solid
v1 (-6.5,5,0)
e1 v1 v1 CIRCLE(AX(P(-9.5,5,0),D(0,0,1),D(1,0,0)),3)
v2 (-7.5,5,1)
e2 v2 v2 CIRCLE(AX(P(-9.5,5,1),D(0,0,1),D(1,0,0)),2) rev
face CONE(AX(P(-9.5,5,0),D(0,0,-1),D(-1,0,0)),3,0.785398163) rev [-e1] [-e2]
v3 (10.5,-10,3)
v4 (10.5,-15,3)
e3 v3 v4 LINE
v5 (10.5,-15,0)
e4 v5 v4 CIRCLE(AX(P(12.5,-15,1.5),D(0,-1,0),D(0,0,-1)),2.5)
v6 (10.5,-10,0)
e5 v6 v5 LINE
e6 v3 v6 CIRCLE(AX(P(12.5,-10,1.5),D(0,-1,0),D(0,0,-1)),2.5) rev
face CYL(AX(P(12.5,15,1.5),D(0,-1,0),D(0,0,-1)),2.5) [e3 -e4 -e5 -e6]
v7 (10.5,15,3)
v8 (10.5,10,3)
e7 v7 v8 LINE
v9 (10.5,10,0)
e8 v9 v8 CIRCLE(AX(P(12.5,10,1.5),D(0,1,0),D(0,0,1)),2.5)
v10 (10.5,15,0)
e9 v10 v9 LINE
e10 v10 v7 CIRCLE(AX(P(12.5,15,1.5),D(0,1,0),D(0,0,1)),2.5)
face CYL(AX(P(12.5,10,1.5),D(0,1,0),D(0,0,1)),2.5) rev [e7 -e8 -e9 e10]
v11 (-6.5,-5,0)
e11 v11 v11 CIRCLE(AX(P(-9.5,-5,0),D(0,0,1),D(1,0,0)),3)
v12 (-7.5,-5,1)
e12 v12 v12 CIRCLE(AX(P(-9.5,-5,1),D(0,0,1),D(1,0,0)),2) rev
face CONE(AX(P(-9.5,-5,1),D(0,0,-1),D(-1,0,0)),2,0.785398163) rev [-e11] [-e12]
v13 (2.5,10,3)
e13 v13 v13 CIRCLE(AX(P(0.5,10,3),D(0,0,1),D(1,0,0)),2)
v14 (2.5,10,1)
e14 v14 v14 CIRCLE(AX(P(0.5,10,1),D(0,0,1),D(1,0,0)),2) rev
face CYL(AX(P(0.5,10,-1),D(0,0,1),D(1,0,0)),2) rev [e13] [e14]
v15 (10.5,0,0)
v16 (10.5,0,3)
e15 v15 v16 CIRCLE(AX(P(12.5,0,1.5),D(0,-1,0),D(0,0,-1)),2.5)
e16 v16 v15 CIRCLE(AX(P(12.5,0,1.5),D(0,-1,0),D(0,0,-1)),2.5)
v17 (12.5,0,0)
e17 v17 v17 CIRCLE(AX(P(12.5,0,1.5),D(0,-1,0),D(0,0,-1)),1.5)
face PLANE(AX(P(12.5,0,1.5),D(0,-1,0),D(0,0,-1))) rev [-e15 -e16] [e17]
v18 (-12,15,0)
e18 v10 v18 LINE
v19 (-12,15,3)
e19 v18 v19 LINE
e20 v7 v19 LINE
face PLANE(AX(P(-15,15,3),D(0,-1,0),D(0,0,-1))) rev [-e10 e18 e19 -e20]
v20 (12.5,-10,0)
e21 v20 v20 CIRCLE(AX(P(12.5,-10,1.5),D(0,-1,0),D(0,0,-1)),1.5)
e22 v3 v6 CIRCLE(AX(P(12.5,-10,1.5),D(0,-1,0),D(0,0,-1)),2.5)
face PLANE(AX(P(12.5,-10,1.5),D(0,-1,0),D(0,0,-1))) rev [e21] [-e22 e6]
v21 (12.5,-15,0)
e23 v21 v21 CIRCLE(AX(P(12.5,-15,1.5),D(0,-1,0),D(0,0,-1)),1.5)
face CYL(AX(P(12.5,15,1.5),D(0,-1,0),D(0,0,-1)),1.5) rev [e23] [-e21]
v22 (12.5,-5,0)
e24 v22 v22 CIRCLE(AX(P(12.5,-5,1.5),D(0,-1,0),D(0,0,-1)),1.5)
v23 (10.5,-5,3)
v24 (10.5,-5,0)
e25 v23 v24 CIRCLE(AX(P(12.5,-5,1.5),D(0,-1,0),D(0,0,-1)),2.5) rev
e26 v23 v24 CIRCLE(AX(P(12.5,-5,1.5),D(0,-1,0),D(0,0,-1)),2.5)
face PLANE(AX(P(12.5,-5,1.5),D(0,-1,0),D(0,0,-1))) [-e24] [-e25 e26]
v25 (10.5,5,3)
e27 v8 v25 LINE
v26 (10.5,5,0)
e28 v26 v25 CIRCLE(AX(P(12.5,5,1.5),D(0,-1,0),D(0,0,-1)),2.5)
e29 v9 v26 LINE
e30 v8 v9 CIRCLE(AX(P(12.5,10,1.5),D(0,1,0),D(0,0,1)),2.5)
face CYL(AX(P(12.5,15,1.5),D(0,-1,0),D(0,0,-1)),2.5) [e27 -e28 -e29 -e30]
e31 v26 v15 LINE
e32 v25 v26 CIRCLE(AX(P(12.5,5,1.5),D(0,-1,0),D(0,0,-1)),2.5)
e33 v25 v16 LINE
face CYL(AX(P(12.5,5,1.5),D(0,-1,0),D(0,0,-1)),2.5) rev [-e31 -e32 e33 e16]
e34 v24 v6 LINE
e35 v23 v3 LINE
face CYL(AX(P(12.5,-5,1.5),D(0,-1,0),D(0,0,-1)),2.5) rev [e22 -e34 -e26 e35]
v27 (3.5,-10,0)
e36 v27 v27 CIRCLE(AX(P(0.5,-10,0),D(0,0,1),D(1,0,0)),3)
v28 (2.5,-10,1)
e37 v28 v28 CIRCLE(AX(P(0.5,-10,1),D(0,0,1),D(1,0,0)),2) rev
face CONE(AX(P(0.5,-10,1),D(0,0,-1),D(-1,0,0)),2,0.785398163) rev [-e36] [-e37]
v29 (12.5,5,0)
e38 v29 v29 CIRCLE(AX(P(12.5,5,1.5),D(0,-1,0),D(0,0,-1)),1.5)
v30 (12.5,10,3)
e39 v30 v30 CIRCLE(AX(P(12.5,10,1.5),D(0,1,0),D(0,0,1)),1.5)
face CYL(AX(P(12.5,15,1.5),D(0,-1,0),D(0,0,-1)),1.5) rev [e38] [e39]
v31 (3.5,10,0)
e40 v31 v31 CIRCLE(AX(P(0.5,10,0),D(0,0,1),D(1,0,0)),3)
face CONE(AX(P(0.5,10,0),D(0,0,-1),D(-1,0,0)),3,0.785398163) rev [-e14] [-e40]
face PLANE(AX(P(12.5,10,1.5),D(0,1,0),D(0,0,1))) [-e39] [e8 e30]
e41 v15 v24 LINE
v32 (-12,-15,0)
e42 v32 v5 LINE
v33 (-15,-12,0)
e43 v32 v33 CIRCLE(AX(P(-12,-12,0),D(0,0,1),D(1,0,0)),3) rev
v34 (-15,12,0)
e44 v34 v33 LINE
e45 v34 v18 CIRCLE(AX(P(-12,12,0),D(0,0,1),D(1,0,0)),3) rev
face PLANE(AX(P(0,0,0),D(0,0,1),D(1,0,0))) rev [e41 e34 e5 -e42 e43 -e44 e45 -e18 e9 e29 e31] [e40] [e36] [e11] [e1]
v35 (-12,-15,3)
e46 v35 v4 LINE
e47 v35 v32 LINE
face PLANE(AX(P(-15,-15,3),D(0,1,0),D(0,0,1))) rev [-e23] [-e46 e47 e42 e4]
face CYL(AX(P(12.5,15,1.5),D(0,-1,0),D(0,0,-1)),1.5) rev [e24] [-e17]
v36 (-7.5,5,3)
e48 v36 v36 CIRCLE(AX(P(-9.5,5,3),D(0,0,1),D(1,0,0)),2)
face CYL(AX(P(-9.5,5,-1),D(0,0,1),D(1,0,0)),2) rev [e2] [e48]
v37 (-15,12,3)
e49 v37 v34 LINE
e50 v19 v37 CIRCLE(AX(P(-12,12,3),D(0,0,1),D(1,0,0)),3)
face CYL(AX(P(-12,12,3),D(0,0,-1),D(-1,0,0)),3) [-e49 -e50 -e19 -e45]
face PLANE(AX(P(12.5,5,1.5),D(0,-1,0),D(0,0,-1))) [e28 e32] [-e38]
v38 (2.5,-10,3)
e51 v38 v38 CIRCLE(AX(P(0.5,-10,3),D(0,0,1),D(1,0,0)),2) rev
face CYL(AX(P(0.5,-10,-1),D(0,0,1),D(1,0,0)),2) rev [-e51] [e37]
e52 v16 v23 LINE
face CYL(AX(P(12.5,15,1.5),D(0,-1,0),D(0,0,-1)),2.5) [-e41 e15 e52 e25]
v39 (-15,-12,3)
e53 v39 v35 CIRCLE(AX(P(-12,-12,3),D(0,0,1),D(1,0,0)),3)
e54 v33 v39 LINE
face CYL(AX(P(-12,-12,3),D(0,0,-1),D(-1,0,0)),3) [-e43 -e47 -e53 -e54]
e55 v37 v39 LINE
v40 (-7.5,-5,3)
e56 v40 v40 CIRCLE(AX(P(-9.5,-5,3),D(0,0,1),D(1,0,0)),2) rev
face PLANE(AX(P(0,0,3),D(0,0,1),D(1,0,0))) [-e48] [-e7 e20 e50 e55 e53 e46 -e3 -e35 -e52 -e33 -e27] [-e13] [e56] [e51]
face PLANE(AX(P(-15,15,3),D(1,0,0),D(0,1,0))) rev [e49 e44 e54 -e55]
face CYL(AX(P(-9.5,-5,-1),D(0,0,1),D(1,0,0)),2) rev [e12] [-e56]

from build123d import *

# Parameters (mm, degrees)
SKETCH_1_W          = 30
SKETCH_1_H          = 30
EXTRUDE_1_DEPTH     = 3
CUT_EXTRUDE_1_DEPTH = 34.674916481
SKETCH_3_R          = 2.5
EXTRUDE_3_DEPTH     = 30
FILLET_1_R          = 3
CUT_EXTRUDE_2_DEPTH = 22.587033145
SKETCH_6_R          = 2.5
CUT_EXTRUDE_3_DEPTH = 5
SKETCH_7_R          = 2.5
CUT_EXTRUDE_4_DEPTH = 5
CUT_EXTRUDE_START   = -5
SKETCH_8_R          = 2.5
CUT_EXTRUDE_5_DEPTH = 5
SKETCH_9_R          = 1.5
CUT_EXTRUDE_6_DEPTH = 34.778691508
CHAMFER_1_SIZE      = 1


with BuildPart() as part:
    # Эскиз1 → Бобышка-Вытянуть1 (new body)
    with BuildSketch(Plane.XY):
        Rectangle(SKETCH_1_W, SKETCH_1_H)
    extrude(amount=EXTRUDE_1_DEPTH)

    # Эскиз2 → Вырез-Вытянуть1 (cut, through all)
    with BuildSketch(Plane.XZ.offset(15)):
        with BuildLine():
            Line((15, 0), (15, 1.5))
            ThreePointArc((15, 1.5), (14.871708245, 0.709430585), (14.5, 0))
            Line((14.5, 0), (15, 0))
        make_face()
        with BuildLine():
            ThreePointArc((14.5, 3), (14.871708245, 2.290569415), (15, 1.5))
            Line((15, 1.5), (15, 3))
            Line((15, 3), (14.5, 3))
        make_face()
    extrude(amount=-CUT_EXTRUDE_1_DEPTH, mode=Mode.SUBTRACT)

    # Эскиз3 → Бобышка-Вытянуть3 (add)
    with BuildSketch(Plane.XZ.offset(15)):
        with Locations((12.5, 1.5)):
            Circle(SKETCH_3_R)
    extrude(amount=-EXTRUDE_3_DEPTH)

    # Скругление1
    fillet_1_edges = [part.edges().sort_by_distance(p)[0] for p in [
        (-15, -15, 1.5),
        (-15, 15, 1.5),
    ]]
    fillet(fillet_1_edges, radius=FILLET_1_R)

    # Эскиз4 → Вырез-Вытянуть2 (cut, through all)
    with BuildSketch(Plane.XY.offset(3)):
        with BuildLine():
            ThreePointArc((-7.5, -5), (-8.085786438, -3.585786438), (-9.5, -3))
            Line((-9.5, -3), (-9.5, -7))
            ThreePointArc((-9.5, -7), (-8.085786438, -6.414213562), (-7.5, -5))
        make_face()
        with BuildLine():
            Line((-9.5, -7), (-9.5, -3))
            ThreePointArc((-9.5, -3), (-11.5, -5), (-9.5, -7))
        make_face()
        with BuildLine():
            ThreePointArc((0.5, -8), (-1.5, -10), (0.5, -12))
            Line((0.5, -12), (0.5, -8))
        make_face()
        with BuildLine():
            Line((0.5, -8), (0.5, -12))
            ThreePointArc((0.5, -12), (1.914213562, -11.414213562), (2.5, -10))
            ThreePointArc((2.5, -10), (1.914213562, -8.585786438), (0.5, -8))
        make_face()
        with BuildLine():
            ThreePointArc((-9.5, 7), (-11.5, 5), (-9.5, 3))
            Line((-9.5, 3), (-9.5, 5))
            Line((-9.5, 5), (-9.5, 7))
        make_face()
        with BuildLine():
            Line((-9.5, 5), (-9.5, 3))
            ThreePointArc((-9.5, 3), (-8.085786438, 3.585786438), (-7.5, 5))
            ThreePointArc((-7.5, 5), (-8.085786438, 6.414213562), (-9.5, 7))
            Line((-9.5, 7), (-9.5, 5))
        make_face()
        with BuildLine():
            ThreePointArc((0.5, 12), (-1.5, 10), (0.5, 8))
            Line((0.5, 8), (0.5, 10))
            Line((0.5, 10), (0.5, 12))
        make_face()
        with BuildLine():
            Line((0.5, 10), (0.5, 8))
            ThreePointArc((0.5, 8), (1.914213562, 8.585786438), (2.5, 10))
            ThreePointArc((2.5, 10), (1.914213562, 11.414213562), (0.5, 12))
            Line((0.5, 12), (0.5, 10))
        make_face()
    extrude(amount=-CUT_EXTRUDE_2_DEPTH, mode=Mode.SUBTRACT)

    # Эскиз6 → Вырез-Вытянуть3 (cut)
    with BuildSketch(Plane(origin=(0, -10, 0), x_dir=(-1, 0, 0), z_dir=(0, -1, 0))):
        with Locations((-12.5, -1.5)):
            Circle(SKETCH_6_R)
    extrude(amount=-CUT_EXTRUDE_3_DEPTH, mode=Mode.SUBTRACT)

    # Эскиз7 → Вырез-Вытянуть4 (cut)
    with BuildSketch(Plane(origin=(0, 0, 0), x_dir=(-1, 0, 0), z_dir=(0, -1, 0))):
        with Locations((-12.5, -1.5)):
            Circle(SKETCH_7_R)
    extrude(amount=-CUT_EXTRUDE_4_DEPTH, mode=Mode.SUBTRACT)

    # Эскиз8 → Вырез-Вытянуть5 (cut)
    with BuildSketch(Plane(origin=(0, 15, 0), x_dir=(1, 0, 0), z_dir=(0, 1, 0)).offset(CUT_EXTRUDE_START)):
        with Locations((12.5, -1.5)):
            Circle(SKETCH_8_R)
    extrude(amount=CUT_EXTRUDE_5_DEPTH, mode=Mode.SUBTRACT)

    # Эскиз9 → Вырез-Вытянуть6 (cut, through all)
    with BuildSketch(Plane.XZ.offset(15)):
        with Locations(Location((12.5, 1.5, 0), (0, 0, 270))):
            Circle(SKETCH_9_R)
    extrude(amount=-CUT_EXTRUDE_6_DEPTH, mode=Mode.SUBTRACT)

    # Фаска1
    chamfer_1_edges = [part.edges().sort_by_distance(p)[0] for p in [
        (-9.5, -3, 0),
        (0.5, -8, 0),
        (-9.5, 3, 0),
        (0.5, 8, 0),
    ]]
    chamfer(chamfer_1_edges, length=CHAMFER_1_SIZE)


solid = part.part
